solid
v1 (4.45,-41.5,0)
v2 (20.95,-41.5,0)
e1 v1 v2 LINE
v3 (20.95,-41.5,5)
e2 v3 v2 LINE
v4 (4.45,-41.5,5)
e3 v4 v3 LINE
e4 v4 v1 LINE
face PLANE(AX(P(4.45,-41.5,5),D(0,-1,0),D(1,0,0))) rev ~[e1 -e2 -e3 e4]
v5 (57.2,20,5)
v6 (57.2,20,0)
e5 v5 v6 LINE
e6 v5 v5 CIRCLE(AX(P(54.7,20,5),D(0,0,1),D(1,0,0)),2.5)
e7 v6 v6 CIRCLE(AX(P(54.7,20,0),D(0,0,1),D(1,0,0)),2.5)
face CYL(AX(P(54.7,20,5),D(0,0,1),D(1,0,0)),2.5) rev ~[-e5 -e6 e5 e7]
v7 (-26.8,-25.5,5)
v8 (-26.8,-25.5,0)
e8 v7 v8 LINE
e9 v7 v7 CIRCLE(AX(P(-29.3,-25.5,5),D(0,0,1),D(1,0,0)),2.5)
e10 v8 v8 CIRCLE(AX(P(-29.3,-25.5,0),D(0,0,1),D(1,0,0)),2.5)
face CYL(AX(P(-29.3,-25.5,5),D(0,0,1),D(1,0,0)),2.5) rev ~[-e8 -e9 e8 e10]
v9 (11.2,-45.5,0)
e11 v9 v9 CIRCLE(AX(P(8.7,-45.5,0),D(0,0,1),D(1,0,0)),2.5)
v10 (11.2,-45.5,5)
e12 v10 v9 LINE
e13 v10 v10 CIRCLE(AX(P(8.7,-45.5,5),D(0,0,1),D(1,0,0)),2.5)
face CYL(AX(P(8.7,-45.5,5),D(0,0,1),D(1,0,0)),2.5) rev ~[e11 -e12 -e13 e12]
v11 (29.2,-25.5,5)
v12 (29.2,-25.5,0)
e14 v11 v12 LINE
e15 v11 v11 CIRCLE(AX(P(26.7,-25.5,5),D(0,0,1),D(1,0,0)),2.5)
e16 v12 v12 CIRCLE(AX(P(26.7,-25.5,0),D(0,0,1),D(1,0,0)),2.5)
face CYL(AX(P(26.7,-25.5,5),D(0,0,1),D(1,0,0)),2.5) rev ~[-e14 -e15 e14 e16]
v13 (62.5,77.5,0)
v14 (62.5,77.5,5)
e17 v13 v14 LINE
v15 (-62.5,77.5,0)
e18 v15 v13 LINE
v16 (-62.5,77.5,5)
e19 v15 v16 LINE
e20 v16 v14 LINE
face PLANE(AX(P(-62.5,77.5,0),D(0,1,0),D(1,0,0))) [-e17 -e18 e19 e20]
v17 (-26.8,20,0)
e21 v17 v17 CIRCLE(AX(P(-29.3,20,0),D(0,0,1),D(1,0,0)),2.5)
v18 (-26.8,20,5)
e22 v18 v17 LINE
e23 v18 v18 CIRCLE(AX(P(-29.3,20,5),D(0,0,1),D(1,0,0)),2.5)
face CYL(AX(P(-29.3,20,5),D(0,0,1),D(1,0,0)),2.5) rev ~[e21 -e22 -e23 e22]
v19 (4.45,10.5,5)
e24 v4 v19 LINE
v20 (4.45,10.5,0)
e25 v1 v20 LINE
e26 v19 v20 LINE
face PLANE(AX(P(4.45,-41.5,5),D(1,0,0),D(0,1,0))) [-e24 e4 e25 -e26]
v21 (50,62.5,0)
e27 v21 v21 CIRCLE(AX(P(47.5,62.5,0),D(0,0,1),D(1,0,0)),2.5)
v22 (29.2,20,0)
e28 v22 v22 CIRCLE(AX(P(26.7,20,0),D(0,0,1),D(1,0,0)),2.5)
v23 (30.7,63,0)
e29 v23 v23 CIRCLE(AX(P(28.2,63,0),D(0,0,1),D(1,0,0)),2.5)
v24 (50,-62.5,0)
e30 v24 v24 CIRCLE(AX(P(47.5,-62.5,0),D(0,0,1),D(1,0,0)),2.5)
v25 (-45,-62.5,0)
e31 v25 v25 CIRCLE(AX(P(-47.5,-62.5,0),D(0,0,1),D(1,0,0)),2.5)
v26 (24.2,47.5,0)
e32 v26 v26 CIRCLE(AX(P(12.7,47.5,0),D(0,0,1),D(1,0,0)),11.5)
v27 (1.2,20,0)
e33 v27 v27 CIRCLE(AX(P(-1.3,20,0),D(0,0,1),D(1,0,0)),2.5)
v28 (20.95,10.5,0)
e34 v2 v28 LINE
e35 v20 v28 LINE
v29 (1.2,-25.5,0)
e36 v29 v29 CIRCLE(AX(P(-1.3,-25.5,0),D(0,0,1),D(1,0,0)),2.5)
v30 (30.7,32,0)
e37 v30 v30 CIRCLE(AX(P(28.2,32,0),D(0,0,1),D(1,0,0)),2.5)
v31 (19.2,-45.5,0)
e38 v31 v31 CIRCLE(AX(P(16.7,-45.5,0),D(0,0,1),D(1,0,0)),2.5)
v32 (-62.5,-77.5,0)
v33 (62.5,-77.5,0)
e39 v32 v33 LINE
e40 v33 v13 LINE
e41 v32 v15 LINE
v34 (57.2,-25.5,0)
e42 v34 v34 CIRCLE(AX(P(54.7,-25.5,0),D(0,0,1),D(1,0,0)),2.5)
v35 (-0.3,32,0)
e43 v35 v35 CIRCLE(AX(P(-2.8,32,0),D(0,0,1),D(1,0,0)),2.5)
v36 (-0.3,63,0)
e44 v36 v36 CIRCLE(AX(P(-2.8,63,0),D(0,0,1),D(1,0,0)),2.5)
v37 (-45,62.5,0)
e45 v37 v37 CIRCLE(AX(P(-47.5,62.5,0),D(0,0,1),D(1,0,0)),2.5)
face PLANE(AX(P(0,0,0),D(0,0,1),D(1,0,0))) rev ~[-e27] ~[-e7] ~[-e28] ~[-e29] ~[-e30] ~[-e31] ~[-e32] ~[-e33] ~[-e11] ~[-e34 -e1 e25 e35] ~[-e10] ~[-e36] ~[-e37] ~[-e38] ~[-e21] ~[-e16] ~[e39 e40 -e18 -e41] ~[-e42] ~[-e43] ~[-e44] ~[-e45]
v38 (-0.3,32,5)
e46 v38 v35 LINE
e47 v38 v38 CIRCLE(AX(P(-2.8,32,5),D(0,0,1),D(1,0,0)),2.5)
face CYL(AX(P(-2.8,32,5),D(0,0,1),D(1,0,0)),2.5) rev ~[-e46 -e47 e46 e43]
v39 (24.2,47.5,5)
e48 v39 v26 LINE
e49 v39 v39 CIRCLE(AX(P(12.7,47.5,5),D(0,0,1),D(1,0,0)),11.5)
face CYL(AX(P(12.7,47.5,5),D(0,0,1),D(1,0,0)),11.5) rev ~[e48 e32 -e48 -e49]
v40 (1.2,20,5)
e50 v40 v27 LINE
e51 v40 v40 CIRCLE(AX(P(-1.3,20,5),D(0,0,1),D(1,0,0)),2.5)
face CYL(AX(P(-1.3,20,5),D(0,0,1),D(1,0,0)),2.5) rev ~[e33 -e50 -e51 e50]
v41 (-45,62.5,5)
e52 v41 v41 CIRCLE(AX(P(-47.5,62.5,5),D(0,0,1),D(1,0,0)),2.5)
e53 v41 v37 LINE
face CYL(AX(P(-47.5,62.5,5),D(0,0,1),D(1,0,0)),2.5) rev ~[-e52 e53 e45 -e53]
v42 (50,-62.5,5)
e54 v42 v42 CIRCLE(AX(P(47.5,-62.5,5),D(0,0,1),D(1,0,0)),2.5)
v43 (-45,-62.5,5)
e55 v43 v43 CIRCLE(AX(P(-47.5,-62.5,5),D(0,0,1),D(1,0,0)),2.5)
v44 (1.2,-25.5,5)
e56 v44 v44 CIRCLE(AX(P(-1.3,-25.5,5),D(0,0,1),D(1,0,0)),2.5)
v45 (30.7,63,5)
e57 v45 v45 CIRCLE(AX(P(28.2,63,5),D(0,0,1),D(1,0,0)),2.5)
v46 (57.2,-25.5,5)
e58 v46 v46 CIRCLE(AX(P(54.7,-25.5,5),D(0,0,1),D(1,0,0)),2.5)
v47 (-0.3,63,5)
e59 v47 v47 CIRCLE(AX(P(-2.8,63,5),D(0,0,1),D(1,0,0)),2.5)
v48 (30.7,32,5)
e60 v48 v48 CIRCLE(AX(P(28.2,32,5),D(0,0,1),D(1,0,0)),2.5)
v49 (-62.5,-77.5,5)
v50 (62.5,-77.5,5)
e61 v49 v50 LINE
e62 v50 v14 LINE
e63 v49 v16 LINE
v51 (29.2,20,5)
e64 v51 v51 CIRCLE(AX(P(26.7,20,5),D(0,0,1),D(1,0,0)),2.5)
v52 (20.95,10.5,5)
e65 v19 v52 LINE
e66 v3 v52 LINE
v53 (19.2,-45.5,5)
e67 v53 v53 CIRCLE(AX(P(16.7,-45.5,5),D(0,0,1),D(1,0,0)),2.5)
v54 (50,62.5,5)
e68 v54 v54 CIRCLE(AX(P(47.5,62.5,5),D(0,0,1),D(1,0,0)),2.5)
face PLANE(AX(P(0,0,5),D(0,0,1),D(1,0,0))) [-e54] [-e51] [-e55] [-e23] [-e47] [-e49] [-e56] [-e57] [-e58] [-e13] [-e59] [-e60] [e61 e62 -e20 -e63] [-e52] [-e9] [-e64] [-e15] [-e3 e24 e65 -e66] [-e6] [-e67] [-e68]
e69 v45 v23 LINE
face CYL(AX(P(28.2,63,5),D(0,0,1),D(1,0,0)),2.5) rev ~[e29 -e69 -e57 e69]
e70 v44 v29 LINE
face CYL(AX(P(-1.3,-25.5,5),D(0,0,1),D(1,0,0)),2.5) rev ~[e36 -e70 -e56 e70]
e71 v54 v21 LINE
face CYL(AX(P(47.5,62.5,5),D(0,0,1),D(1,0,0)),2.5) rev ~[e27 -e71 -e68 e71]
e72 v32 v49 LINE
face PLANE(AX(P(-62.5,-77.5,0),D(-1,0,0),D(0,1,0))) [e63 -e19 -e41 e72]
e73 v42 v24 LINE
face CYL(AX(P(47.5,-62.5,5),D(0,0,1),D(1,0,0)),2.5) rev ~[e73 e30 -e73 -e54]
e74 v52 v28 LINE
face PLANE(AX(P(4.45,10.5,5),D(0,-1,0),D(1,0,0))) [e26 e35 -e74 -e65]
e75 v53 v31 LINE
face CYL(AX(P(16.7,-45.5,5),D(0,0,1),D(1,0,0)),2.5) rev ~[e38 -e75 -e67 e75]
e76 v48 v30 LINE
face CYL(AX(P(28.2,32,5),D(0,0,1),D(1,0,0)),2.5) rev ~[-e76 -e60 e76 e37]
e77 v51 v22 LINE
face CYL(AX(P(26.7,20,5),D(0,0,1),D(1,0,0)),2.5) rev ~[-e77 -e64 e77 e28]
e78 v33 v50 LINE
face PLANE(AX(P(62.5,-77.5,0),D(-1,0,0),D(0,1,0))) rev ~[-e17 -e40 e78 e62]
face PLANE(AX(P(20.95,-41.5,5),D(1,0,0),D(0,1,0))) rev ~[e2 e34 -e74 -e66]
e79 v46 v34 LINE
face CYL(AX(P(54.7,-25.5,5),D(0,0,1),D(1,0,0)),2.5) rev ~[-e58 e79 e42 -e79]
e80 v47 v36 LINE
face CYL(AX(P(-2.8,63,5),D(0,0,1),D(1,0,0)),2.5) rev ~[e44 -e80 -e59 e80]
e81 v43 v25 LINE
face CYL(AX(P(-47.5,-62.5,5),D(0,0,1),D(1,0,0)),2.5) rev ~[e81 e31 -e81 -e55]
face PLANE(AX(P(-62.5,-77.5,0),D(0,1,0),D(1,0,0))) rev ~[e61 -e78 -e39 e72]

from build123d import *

# Parameters (mm, degrees)
SKETCH_W        = 125
SKETCH_H        = 155
PAD_DEPTH       = 5
SKETCH001_R     = 2.5
POCKET_DEPTH    = 5.001
SKETCH002_W     = 16.5
SKETCH002_H     = 52
POCKET001_DEPTH = 5.001
SKETCH003_R     = 11.5
SKETCH003_R_2   = 2.5
POCKET002_DEPTH = 5.001
SKETCH004_R     = 2.5
POCKET003_DEPTH = 5.001
SKETCH005_R     = 2.5
POCKET004_DEPTH = 5.001


with BuildPart() as part:
    # Sketch → Pad (new body)
    with BuildSketch(Plane.XY):
        Rectangle(SKETCH_W, SKETCH_H)
    extrude(amount=PAD_DEPTH)

    # Sketch001 (on Face6 of Pad) → Pocket (cut, through all)
    with BuildSketch(Plane.XY.offset(5)):
        with Locations((-47.5, 62.5)):
            Circle(SKETCH001_R)
        with Locations((47.5, 62.5)):
            Circle(SKETCH001_R)
        with Locations((-47.5, -62.5)):
            Circle(SKETCH001_R)
        with Locations((47.5, -62.5)):
            Circle(SKETCH001_R)
    extrude(amount=-POCKET_DEPTH, mode=Mode.SUBTRACT)

    # Sketch002 (on Face5 of Pocket) → Pocket001 (cut, through all)
    with BuildSketch(Plane.XY.offset(5)):
        with Locations((12.7, -15.5)):
            Rectangle(SKETCH002_W, SKETCH002_H)
    extrude(amount=-POCKET001_DEPTH, mode=Mode.SUBTRACT)

    # Sketch003 (on Face5 of Pocket001) → Pocket002 (cut, through all)
    with BuildSketch(Plane.XY.offset(5)):
        with Locations((12.7, 47.5)):
            Circle(SKETCH003_R)
        with Locations((-2.8, 63)):
            Circle(SKETCH003_R_2)
        with Locations((28.2, 63)):
            Circle(SKETCH003_R_2)
        with Locations((28.2, 32)):
            Circle(SKETCH003_R_2)
        with Locations((-2.8, 32)):
            Circle(SKETCH003_R_2)
    extrude(amount=-POCKET002_DEPTH, mode=Mode.SUBTRACT)

    # Sketch004 (on Face5 of Pocket002) → Pocket003 (cut, through all)
    with BuildSketch(Plane.XY.offset(5)):
        with Locations((8.7, -45.5)):
            Circle(SKETCH004_R)
        with Locations((16.7, -45.5)):
            Circle(SKETCH004_R)
    extrude(amount=-POCKET003_DEPTH, mode=Mode.SUBTRACT)

    # Sketch005 (on Face5 of Pocket003) → Pocket004 (cut, through all)
    with BuildSketch(Plane.XY.offset(5)):
        with Locations((26.7, 20)):
            Circle(SKETCH005_R)
        with Locations((54.7, 20)):
            Circle(SKETCH005_R)
        with Locations((26.7, -25.5)):
            Circle(SKETCH005_R)
        with Locations((54.7, -25.5)):
            Circle(SKETCH005_R)
        with Locations((-1.3, 20)):
            Circle(SKETCH005_R)
        with Locations((-29.3, 20)):
            Circle(SKETCH005_R)
        with Locations((-29.3, -25.5)):
            Circle(SKETCH005_R)
        with Locations((-1.3, -25.5)):
            Circle(SKETCH005_R)
    extrude(amount=-POCKET004_DEPTH, mode=Mode.SUBTRACT)


solid = part.part
